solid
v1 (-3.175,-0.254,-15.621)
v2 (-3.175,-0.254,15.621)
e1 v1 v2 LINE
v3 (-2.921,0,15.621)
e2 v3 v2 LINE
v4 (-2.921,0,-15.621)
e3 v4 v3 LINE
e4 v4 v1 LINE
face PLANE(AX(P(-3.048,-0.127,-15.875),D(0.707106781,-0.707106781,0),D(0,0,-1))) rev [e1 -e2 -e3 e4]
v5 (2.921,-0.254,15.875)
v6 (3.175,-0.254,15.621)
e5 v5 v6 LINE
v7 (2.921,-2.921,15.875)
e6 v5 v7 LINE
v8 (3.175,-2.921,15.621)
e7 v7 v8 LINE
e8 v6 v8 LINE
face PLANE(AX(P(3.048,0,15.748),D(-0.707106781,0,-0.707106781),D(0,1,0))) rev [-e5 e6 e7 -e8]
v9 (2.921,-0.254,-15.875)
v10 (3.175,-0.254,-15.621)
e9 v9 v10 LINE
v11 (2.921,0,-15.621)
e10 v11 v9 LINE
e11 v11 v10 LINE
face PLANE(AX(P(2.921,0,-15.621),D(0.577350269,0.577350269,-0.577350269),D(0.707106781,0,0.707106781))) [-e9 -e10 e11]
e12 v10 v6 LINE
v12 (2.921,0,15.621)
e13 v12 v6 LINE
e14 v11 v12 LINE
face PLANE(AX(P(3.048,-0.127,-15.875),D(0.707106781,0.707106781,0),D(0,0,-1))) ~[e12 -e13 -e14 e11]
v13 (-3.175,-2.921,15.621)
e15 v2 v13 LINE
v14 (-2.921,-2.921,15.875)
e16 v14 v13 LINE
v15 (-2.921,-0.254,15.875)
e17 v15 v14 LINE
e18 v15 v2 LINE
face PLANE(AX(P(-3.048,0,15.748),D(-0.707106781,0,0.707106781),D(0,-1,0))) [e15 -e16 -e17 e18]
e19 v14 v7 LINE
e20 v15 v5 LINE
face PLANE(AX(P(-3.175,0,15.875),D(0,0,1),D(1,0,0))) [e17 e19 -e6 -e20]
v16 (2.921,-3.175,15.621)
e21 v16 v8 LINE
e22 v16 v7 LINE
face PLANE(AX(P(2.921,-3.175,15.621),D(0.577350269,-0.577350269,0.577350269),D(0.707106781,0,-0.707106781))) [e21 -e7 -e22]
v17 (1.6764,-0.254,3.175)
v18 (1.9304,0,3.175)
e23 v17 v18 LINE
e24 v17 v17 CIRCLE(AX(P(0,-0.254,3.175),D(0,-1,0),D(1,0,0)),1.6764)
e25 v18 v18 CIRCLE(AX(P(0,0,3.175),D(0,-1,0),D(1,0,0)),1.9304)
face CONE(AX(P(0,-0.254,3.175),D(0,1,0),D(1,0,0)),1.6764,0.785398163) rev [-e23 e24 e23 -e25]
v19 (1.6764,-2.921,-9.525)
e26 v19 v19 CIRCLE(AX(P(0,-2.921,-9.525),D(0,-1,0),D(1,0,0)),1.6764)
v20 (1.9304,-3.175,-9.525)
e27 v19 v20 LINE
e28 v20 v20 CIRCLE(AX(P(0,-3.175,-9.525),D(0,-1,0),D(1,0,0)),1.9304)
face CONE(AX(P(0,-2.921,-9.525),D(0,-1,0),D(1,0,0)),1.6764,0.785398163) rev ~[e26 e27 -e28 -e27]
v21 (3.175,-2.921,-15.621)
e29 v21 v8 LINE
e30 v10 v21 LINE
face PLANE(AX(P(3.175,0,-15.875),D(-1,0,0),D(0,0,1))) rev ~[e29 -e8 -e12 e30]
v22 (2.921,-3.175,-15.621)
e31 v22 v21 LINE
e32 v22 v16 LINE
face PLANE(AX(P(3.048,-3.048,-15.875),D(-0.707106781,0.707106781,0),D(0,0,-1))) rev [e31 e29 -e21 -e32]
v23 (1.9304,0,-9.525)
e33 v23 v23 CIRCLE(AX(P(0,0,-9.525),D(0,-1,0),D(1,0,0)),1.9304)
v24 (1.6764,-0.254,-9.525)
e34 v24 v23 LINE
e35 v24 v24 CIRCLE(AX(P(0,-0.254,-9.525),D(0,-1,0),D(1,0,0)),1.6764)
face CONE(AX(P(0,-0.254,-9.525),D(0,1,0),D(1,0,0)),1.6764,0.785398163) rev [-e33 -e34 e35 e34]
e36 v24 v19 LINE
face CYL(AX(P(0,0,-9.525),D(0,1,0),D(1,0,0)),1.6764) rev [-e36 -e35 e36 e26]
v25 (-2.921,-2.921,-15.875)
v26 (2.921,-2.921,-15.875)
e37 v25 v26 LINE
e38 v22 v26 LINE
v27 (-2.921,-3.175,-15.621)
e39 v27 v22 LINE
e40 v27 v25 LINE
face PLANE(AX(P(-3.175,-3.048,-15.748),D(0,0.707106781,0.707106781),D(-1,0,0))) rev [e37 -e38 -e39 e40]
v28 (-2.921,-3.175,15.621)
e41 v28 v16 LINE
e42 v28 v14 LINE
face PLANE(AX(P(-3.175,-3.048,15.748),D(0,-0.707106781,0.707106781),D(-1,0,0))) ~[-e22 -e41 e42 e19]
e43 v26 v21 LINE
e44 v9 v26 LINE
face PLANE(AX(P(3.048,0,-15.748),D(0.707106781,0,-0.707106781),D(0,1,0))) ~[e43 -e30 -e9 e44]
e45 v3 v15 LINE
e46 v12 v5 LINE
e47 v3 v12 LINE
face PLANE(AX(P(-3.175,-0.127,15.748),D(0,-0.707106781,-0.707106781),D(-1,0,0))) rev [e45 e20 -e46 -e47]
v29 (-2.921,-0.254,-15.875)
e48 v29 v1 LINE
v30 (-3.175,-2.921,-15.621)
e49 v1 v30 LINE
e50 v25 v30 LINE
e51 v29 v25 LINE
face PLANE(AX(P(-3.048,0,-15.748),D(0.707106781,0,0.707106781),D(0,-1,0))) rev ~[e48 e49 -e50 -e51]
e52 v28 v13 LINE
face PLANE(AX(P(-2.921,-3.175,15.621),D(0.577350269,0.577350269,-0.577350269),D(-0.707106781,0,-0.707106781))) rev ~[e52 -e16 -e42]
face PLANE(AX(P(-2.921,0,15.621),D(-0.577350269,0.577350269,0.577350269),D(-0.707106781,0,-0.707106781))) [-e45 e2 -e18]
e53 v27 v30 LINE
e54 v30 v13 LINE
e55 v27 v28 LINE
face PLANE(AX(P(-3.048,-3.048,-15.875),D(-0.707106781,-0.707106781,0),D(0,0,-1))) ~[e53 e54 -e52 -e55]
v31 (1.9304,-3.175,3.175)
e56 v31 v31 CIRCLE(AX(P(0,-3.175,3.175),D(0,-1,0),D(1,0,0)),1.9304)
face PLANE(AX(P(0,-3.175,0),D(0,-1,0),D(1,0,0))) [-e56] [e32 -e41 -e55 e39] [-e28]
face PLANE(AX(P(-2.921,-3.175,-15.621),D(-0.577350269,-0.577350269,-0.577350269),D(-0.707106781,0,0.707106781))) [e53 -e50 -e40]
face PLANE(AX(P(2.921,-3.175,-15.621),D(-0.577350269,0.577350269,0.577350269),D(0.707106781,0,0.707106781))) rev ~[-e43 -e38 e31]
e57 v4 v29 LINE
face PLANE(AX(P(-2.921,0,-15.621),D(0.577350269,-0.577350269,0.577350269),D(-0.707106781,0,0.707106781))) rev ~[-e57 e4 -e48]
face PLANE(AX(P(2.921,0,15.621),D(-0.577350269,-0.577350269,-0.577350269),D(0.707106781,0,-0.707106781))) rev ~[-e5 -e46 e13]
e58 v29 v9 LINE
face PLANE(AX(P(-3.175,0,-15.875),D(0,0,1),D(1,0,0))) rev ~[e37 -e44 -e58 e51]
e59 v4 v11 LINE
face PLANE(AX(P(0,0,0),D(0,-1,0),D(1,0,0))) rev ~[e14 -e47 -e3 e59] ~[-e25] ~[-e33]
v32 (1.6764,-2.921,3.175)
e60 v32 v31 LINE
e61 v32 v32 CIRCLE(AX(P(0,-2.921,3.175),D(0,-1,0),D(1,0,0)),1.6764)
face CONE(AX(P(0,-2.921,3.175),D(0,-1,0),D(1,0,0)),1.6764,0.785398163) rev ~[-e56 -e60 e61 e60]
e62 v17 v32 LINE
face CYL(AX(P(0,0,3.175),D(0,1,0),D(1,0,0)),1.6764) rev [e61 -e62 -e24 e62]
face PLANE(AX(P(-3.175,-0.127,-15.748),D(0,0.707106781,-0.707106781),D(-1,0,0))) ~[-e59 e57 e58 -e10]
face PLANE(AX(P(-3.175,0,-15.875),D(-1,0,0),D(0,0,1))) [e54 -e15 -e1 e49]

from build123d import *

# Parameters (mm, degrees)
F0_W     = 6.35
F0_H     = 31.75
F0_R     = 1.6764
F1_DEPTH = 3.175
F2_SIZE  = 0.254


with BuildPart() as f1:
    # F0 (on Front) → F1 (new body)
    with BuildSketch(Plane.XZ):
        Rectangle(F0_W, F0_H)
        with Locations((0, -9.525)):
            Circle(F0_R, mode=Mode.SUBTRACT)
        with Locations((0, 3.175)):
            Circle(F0_R, mode=Mode.SUBTRACT)
    extrude(amount=F1_DEPTH)

    # F2
    f2_edges = [f1.edges().sort_by_distance(p)[0] for p in [
        (-1.6764, -3.175, 3.175),
        (-1.6764, -3.175, -9.525),
        (3.175, -1.5875, -15.875),
        (-3.175, -1.5875, 15.875),
        (3.175, -1.5875, 15.875),
        (-1.6764, 0, -9.525),
        (-3.175, -1.5875, -15.875),
        (0, 0, -15.875),
        (0, -3.175, -15.875),
        (0, 0, 15.875),
        (0, -3.175, 15.875),
        (-3.175, 0, 0),
        (-3.175, -3.175, 0),
        (3.175, 0, 0),
        (3.175, -3.175, 0),
        (-1.6764, 0, 3.175),
    ]]
    chamfer(f2_edges, length=F2_SIZE)


solid = f1.part
